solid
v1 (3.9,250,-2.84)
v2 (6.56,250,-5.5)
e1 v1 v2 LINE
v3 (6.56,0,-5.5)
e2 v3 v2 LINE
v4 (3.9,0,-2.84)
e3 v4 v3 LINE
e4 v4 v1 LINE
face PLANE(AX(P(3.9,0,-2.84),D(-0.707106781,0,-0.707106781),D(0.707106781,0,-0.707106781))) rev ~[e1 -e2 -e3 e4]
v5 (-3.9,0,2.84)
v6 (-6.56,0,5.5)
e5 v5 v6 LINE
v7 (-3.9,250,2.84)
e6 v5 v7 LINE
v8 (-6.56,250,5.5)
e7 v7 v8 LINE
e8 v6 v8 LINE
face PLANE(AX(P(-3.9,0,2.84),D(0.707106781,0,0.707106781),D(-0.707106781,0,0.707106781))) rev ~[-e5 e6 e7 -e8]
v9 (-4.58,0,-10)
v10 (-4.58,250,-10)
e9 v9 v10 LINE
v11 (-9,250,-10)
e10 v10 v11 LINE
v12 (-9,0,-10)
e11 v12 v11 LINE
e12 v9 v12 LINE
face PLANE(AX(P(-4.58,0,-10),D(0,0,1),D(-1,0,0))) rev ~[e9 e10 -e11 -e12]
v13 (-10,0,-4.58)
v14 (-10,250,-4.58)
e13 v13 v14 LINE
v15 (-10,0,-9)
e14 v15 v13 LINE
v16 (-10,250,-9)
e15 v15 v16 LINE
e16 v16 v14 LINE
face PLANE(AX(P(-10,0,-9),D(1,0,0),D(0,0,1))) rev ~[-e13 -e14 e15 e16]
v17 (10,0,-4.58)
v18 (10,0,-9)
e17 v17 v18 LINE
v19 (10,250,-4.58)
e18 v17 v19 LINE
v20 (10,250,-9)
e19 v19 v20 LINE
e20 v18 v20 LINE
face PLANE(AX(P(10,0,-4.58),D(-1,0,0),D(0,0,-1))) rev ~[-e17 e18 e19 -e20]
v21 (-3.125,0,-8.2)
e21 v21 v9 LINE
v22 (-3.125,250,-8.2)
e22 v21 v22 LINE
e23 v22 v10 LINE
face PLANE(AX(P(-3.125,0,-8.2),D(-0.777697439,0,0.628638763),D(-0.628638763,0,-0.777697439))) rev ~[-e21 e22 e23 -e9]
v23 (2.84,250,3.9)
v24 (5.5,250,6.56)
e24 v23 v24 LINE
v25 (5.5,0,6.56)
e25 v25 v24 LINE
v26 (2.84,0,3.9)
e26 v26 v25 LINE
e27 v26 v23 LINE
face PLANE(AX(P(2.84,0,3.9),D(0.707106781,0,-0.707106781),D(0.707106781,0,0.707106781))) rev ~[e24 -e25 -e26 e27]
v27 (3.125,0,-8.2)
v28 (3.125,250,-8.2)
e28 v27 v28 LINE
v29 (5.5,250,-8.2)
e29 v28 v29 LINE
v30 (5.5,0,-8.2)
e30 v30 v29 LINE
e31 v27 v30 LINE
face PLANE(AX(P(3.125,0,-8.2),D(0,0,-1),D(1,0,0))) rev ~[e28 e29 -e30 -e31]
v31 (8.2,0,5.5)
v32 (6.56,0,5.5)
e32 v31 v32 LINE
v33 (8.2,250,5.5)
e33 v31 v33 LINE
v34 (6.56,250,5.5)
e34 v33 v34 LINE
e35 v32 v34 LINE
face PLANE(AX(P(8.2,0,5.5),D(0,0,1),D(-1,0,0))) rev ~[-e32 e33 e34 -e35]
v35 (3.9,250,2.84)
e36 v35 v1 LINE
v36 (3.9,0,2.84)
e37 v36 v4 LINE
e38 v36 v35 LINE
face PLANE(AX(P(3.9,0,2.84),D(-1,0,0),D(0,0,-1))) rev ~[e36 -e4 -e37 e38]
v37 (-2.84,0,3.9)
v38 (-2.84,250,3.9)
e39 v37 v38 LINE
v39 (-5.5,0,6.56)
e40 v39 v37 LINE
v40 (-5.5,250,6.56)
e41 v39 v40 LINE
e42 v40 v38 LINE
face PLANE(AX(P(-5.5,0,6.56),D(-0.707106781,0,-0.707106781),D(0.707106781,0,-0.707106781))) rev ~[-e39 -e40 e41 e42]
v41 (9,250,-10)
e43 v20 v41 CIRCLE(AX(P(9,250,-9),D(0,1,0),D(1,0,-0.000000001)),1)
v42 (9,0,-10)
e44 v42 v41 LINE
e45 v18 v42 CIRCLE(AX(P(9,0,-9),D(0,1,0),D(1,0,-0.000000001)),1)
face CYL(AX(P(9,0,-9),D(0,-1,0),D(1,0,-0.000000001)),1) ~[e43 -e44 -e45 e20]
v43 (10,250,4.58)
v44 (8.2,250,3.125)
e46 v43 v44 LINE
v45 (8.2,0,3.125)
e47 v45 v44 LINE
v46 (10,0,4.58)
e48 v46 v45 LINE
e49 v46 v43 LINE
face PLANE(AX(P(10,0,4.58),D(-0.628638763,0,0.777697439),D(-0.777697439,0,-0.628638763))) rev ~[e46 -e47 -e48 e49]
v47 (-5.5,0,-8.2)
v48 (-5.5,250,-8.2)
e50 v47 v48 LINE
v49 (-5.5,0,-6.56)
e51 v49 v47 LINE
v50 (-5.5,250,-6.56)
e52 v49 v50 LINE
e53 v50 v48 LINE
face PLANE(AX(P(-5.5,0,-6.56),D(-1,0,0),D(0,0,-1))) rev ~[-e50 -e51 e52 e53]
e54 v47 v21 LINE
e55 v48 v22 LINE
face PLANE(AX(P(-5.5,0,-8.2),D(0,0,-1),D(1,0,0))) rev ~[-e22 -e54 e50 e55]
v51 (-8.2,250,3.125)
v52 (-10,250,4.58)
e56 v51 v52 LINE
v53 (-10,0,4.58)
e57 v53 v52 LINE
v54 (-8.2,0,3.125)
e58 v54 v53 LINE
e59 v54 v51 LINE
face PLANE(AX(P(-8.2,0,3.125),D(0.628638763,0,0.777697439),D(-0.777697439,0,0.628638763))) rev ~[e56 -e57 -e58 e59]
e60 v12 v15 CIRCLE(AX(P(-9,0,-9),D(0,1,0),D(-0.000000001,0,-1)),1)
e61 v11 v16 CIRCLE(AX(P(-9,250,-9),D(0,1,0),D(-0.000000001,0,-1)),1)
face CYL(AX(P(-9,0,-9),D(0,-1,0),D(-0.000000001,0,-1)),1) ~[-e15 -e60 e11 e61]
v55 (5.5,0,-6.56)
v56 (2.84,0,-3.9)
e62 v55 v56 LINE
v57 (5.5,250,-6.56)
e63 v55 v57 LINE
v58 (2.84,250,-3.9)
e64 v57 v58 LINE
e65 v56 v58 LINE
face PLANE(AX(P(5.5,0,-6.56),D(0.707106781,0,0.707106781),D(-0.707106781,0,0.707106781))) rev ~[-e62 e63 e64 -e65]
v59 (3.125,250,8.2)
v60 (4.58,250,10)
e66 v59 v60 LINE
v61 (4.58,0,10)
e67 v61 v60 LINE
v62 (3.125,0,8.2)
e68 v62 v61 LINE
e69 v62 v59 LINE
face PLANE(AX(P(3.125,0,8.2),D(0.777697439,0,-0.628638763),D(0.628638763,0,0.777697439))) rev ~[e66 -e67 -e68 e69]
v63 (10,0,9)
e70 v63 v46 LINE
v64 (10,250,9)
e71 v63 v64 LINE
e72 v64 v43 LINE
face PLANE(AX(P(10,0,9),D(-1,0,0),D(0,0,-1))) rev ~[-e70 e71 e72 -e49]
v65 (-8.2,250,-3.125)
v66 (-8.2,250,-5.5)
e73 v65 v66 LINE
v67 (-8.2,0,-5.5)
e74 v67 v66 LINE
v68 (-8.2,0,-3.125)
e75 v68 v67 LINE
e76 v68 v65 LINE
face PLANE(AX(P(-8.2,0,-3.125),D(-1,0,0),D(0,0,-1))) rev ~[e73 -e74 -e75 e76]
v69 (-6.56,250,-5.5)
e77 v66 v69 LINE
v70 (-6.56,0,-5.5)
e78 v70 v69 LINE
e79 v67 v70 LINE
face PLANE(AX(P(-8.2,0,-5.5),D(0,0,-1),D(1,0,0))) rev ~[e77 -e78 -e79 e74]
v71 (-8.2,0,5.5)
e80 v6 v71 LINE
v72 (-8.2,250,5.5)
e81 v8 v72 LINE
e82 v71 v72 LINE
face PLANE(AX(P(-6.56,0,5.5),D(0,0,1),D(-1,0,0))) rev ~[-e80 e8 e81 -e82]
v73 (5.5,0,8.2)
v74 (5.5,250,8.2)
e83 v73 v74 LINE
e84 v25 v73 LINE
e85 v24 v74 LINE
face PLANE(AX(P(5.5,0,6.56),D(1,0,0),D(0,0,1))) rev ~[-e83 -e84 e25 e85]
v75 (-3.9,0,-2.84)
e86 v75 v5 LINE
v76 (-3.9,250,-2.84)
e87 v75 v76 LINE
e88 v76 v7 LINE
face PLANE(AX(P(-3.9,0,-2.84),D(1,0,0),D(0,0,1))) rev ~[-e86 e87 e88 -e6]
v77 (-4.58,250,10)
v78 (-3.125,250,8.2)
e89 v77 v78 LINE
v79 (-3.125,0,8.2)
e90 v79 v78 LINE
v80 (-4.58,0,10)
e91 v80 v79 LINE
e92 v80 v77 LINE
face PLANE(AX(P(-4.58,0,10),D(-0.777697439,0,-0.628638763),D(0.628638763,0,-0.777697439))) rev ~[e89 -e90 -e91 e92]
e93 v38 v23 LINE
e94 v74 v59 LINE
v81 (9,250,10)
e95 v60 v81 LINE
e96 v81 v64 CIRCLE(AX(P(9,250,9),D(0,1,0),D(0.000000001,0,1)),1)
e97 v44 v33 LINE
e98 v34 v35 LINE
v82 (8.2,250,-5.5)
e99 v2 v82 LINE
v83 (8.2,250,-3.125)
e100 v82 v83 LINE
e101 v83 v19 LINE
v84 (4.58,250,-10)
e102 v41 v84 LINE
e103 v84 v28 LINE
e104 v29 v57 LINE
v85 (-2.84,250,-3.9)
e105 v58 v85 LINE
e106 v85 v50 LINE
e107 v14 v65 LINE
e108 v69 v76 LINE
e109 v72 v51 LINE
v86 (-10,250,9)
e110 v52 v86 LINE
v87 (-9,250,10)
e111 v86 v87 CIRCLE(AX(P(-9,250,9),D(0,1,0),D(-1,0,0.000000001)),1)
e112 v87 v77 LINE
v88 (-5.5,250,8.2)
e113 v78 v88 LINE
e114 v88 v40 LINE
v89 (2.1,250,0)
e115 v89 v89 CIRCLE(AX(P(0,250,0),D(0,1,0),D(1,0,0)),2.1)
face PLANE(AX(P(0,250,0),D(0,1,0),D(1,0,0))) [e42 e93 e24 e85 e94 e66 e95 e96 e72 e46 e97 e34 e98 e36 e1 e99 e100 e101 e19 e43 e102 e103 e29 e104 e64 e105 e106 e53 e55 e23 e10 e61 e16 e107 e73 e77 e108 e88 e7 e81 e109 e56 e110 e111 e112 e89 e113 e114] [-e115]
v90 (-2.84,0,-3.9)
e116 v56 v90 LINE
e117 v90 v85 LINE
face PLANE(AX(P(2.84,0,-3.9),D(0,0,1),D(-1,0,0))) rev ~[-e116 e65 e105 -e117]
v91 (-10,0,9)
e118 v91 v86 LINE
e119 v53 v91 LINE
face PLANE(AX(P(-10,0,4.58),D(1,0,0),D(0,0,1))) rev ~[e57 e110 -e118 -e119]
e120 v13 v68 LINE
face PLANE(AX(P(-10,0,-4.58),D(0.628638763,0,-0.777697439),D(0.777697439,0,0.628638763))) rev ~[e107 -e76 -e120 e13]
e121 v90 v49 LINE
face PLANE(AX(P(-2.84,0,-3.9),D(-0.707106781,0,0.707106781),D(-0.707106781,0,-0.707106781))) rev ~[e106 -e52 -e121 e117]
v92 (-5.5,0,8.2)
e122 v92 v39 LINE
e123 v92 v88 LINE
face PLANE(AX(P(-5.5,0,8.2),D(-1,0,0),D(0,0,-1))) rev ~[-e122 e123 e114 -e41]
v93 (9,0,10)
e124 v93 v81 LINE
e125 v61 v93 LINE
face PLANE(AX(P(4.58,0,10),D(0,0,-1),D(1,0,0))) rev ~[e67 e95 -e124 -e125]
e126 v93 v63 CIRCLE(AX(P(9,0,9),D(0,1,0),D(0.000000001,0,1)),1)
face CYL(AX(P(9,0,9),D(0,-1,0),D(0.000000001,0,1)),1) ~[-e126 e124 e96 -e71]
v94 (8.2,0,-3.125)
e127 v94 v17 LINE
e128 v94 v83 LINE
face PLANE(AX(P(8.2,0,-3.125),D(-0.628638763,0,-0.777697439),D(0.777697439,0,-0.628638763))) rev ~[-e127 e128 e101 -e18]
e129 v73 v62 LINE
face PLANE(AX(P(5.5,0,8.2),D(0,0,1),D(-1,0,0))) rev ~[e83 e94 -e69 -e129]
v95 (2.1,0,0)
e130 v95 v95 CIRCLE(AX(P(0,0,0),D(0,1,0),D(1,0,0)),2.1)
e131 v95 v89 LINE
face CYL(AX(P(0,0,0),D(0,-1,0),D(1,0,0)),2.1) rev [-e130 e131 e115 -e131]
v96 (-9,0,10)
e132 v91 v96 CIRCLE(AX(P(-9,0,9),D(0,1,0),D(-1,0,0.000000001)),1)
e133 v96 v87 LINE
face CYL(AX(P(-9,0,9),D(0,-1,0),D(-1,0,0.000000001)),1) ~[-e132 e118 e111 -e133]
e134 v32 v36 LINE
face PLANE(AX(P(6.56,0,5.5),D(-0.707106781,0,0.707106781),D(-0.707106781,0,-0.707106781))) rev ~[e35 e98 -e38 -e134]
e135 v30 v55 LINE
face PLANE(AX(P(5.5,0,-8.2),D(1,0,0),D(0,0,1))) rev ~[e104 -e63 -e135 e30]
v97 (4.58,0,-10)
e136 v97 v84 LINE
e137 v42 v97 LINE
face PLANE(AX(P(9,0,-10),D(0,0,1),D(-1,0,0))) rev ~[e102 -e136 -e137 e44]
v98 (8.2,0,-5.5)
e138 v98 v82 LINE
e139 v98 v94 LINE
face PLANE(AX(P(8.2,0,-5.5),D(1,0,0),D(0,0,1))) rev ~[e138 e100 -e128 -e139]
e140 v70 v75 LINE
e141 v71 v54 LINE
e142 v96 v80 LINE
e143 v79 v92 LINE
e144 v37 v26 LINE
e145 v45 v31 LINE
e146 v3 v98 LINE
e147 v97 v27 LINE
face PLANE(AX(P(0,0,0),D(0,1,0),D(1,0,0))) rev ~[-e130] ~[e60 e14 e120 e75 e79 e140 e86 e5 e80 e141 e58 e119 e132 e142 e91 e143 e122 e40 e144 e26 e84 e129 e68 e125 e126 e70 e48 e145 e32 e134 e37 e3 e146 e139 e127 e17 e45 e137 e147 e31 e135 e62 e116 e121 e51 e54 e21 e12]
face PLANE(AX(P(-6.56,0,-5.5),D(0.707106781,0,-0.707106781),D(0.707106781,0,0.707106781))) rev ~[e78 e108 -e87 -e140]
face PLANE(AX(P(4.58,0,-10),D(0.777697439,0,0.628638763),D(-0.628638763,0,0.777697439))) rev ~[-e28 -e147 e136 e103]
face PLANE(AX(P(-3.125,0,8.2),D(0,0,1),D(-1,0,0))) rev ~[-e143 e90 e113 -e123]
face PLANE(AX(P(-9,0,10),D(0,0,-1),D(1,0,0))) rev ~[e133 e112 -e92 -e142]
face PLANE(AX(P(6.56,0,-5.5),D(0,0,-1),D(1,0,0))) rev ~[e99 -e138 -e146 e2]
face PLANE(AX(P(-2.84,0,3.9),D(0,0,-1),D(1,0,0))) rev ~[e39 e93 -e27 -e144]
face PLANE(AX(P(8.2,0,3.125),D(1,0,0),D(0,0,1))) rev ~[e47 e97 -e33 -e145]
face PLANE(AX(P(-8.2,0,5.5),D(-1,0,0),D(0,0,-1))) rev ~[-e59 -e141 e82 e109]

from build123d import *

# Parameters (mm, degrees)
SKETCH1_R           = 2.1
BOSS_EXTRUDE1_DEPTH = 250


with BuildPart() as part:
    # Sketch1 → Boss-Extrude1 (new body)
    with BuildSketch(Plane(origin=(0, 0, 0), x_dir=(1, 0, 0), z_dir=(0, 1, 0))):
        with BuildLine():
            Line((-5.5, 8.2), (-3.125, 8.2))
            Line((-3.125, 8.2), (-4.58, 10))
            Line((-4.58, 10), (-9, 10))
            ThreePointArc((-9, 10), (-9.707106781, 9.707106781), (-10, 9))
            Line((-10, 9), (-10, 4.58))
            Line((-10, 4.58), (-8.2, 3.125))
            Line((-8.2, 3.125), (-8.2, 5.5))
            Line((-8.2, 5.5), (-6.56, 5.5))
            Line((-6.56, 5.5), (-3.9, 2.84))
            Line((-3.9, 2.84), (-3.9, -2.84))
            Line((-3.9, -2.84), (-6.56, -5.5))
            Line((-6.56, -5.5), (-8.2, -5.5))
            Line((-8.2, -5.5), (-8.2, -3.125))
            Line((-8.2, -3.125), (-10, -4.58))
            Line((-10, -4.58), (-10, -9))
            ThreePointArc((-10, -9), (-9.707106781, -9.707106781), (-9, -10))
            Line((-9, -10), (-4.58, -10))
            Line((-4.58, -10), (-3.125, -8.2))
            Line((-3.125, -8.2), (-5.5, -8.2))
            Line((-5.5, -8.2), (-5.5, -6.56))
            Line((-5.5, -6.56), (-2.84, -3.9))
            Line((-2.84, -3.9), (2.84, -3.9))
            Line((2.84, -3.9), (5.5, -6.56))
            Line((5.5, -6.56), (5.5, -8.2))
            Line((5.5, -8.2), (3.125, -8.2))
            Line((3.125, -8.2), (4.58, -10))
            Line((4.58, -10), (9, -10))
            ThreePointArc((9, -10), (9.707106781, -9.707106781), (10, -9))
            Line((10, -9), (10, -4.58))
            Line((10, -4.58), (8.2, -3.125))
            Line((8.2, -3.125), (8.2, -5.5))
            Line((8.2, -5.5), (6.56, -5.5))
            Line((6.56, -5.5), (3.9, -2.84))
            Line((3.9, -2.84), (3.9, 2.84))
            Line((3.9, 2.84), (6.56, 5.5))
            Line((6.56, 5.5), (8.2, 5.5))
            Line((8.2, 5.5), (8.2, 3.125))
            Line((8.2, 3.125), (10, 4.58))
            Line((10, 4.58), (10, 9))
            ThreePointArc((10, 9), (9.707106781, 9.707106781), (9, 10))
            Line((9, 10), (4.58, 10))
            Line((4.58, 10), (3.125, 8.2))
            Line((3.125, 8.2), (5.5, 8.2))
            Line((5.5, 8.2), (5.5, 6.56))
            Line((5.5, 6.56), (2.84, 3.9))
            Line((2.84, 3.9), (-2.84, 3.9))
            Line((-2.84, 3.9), (-5.5, 6.56))
            Line((-5.5, 6.56), (-5.5, 8.2))
        make_face()
        Circle(SKETCH1_R, mode=Mode.SUBTRACT)
    extrude(amount=BOSS_EXTRUDE1_DEPTH)


solid = part.part
